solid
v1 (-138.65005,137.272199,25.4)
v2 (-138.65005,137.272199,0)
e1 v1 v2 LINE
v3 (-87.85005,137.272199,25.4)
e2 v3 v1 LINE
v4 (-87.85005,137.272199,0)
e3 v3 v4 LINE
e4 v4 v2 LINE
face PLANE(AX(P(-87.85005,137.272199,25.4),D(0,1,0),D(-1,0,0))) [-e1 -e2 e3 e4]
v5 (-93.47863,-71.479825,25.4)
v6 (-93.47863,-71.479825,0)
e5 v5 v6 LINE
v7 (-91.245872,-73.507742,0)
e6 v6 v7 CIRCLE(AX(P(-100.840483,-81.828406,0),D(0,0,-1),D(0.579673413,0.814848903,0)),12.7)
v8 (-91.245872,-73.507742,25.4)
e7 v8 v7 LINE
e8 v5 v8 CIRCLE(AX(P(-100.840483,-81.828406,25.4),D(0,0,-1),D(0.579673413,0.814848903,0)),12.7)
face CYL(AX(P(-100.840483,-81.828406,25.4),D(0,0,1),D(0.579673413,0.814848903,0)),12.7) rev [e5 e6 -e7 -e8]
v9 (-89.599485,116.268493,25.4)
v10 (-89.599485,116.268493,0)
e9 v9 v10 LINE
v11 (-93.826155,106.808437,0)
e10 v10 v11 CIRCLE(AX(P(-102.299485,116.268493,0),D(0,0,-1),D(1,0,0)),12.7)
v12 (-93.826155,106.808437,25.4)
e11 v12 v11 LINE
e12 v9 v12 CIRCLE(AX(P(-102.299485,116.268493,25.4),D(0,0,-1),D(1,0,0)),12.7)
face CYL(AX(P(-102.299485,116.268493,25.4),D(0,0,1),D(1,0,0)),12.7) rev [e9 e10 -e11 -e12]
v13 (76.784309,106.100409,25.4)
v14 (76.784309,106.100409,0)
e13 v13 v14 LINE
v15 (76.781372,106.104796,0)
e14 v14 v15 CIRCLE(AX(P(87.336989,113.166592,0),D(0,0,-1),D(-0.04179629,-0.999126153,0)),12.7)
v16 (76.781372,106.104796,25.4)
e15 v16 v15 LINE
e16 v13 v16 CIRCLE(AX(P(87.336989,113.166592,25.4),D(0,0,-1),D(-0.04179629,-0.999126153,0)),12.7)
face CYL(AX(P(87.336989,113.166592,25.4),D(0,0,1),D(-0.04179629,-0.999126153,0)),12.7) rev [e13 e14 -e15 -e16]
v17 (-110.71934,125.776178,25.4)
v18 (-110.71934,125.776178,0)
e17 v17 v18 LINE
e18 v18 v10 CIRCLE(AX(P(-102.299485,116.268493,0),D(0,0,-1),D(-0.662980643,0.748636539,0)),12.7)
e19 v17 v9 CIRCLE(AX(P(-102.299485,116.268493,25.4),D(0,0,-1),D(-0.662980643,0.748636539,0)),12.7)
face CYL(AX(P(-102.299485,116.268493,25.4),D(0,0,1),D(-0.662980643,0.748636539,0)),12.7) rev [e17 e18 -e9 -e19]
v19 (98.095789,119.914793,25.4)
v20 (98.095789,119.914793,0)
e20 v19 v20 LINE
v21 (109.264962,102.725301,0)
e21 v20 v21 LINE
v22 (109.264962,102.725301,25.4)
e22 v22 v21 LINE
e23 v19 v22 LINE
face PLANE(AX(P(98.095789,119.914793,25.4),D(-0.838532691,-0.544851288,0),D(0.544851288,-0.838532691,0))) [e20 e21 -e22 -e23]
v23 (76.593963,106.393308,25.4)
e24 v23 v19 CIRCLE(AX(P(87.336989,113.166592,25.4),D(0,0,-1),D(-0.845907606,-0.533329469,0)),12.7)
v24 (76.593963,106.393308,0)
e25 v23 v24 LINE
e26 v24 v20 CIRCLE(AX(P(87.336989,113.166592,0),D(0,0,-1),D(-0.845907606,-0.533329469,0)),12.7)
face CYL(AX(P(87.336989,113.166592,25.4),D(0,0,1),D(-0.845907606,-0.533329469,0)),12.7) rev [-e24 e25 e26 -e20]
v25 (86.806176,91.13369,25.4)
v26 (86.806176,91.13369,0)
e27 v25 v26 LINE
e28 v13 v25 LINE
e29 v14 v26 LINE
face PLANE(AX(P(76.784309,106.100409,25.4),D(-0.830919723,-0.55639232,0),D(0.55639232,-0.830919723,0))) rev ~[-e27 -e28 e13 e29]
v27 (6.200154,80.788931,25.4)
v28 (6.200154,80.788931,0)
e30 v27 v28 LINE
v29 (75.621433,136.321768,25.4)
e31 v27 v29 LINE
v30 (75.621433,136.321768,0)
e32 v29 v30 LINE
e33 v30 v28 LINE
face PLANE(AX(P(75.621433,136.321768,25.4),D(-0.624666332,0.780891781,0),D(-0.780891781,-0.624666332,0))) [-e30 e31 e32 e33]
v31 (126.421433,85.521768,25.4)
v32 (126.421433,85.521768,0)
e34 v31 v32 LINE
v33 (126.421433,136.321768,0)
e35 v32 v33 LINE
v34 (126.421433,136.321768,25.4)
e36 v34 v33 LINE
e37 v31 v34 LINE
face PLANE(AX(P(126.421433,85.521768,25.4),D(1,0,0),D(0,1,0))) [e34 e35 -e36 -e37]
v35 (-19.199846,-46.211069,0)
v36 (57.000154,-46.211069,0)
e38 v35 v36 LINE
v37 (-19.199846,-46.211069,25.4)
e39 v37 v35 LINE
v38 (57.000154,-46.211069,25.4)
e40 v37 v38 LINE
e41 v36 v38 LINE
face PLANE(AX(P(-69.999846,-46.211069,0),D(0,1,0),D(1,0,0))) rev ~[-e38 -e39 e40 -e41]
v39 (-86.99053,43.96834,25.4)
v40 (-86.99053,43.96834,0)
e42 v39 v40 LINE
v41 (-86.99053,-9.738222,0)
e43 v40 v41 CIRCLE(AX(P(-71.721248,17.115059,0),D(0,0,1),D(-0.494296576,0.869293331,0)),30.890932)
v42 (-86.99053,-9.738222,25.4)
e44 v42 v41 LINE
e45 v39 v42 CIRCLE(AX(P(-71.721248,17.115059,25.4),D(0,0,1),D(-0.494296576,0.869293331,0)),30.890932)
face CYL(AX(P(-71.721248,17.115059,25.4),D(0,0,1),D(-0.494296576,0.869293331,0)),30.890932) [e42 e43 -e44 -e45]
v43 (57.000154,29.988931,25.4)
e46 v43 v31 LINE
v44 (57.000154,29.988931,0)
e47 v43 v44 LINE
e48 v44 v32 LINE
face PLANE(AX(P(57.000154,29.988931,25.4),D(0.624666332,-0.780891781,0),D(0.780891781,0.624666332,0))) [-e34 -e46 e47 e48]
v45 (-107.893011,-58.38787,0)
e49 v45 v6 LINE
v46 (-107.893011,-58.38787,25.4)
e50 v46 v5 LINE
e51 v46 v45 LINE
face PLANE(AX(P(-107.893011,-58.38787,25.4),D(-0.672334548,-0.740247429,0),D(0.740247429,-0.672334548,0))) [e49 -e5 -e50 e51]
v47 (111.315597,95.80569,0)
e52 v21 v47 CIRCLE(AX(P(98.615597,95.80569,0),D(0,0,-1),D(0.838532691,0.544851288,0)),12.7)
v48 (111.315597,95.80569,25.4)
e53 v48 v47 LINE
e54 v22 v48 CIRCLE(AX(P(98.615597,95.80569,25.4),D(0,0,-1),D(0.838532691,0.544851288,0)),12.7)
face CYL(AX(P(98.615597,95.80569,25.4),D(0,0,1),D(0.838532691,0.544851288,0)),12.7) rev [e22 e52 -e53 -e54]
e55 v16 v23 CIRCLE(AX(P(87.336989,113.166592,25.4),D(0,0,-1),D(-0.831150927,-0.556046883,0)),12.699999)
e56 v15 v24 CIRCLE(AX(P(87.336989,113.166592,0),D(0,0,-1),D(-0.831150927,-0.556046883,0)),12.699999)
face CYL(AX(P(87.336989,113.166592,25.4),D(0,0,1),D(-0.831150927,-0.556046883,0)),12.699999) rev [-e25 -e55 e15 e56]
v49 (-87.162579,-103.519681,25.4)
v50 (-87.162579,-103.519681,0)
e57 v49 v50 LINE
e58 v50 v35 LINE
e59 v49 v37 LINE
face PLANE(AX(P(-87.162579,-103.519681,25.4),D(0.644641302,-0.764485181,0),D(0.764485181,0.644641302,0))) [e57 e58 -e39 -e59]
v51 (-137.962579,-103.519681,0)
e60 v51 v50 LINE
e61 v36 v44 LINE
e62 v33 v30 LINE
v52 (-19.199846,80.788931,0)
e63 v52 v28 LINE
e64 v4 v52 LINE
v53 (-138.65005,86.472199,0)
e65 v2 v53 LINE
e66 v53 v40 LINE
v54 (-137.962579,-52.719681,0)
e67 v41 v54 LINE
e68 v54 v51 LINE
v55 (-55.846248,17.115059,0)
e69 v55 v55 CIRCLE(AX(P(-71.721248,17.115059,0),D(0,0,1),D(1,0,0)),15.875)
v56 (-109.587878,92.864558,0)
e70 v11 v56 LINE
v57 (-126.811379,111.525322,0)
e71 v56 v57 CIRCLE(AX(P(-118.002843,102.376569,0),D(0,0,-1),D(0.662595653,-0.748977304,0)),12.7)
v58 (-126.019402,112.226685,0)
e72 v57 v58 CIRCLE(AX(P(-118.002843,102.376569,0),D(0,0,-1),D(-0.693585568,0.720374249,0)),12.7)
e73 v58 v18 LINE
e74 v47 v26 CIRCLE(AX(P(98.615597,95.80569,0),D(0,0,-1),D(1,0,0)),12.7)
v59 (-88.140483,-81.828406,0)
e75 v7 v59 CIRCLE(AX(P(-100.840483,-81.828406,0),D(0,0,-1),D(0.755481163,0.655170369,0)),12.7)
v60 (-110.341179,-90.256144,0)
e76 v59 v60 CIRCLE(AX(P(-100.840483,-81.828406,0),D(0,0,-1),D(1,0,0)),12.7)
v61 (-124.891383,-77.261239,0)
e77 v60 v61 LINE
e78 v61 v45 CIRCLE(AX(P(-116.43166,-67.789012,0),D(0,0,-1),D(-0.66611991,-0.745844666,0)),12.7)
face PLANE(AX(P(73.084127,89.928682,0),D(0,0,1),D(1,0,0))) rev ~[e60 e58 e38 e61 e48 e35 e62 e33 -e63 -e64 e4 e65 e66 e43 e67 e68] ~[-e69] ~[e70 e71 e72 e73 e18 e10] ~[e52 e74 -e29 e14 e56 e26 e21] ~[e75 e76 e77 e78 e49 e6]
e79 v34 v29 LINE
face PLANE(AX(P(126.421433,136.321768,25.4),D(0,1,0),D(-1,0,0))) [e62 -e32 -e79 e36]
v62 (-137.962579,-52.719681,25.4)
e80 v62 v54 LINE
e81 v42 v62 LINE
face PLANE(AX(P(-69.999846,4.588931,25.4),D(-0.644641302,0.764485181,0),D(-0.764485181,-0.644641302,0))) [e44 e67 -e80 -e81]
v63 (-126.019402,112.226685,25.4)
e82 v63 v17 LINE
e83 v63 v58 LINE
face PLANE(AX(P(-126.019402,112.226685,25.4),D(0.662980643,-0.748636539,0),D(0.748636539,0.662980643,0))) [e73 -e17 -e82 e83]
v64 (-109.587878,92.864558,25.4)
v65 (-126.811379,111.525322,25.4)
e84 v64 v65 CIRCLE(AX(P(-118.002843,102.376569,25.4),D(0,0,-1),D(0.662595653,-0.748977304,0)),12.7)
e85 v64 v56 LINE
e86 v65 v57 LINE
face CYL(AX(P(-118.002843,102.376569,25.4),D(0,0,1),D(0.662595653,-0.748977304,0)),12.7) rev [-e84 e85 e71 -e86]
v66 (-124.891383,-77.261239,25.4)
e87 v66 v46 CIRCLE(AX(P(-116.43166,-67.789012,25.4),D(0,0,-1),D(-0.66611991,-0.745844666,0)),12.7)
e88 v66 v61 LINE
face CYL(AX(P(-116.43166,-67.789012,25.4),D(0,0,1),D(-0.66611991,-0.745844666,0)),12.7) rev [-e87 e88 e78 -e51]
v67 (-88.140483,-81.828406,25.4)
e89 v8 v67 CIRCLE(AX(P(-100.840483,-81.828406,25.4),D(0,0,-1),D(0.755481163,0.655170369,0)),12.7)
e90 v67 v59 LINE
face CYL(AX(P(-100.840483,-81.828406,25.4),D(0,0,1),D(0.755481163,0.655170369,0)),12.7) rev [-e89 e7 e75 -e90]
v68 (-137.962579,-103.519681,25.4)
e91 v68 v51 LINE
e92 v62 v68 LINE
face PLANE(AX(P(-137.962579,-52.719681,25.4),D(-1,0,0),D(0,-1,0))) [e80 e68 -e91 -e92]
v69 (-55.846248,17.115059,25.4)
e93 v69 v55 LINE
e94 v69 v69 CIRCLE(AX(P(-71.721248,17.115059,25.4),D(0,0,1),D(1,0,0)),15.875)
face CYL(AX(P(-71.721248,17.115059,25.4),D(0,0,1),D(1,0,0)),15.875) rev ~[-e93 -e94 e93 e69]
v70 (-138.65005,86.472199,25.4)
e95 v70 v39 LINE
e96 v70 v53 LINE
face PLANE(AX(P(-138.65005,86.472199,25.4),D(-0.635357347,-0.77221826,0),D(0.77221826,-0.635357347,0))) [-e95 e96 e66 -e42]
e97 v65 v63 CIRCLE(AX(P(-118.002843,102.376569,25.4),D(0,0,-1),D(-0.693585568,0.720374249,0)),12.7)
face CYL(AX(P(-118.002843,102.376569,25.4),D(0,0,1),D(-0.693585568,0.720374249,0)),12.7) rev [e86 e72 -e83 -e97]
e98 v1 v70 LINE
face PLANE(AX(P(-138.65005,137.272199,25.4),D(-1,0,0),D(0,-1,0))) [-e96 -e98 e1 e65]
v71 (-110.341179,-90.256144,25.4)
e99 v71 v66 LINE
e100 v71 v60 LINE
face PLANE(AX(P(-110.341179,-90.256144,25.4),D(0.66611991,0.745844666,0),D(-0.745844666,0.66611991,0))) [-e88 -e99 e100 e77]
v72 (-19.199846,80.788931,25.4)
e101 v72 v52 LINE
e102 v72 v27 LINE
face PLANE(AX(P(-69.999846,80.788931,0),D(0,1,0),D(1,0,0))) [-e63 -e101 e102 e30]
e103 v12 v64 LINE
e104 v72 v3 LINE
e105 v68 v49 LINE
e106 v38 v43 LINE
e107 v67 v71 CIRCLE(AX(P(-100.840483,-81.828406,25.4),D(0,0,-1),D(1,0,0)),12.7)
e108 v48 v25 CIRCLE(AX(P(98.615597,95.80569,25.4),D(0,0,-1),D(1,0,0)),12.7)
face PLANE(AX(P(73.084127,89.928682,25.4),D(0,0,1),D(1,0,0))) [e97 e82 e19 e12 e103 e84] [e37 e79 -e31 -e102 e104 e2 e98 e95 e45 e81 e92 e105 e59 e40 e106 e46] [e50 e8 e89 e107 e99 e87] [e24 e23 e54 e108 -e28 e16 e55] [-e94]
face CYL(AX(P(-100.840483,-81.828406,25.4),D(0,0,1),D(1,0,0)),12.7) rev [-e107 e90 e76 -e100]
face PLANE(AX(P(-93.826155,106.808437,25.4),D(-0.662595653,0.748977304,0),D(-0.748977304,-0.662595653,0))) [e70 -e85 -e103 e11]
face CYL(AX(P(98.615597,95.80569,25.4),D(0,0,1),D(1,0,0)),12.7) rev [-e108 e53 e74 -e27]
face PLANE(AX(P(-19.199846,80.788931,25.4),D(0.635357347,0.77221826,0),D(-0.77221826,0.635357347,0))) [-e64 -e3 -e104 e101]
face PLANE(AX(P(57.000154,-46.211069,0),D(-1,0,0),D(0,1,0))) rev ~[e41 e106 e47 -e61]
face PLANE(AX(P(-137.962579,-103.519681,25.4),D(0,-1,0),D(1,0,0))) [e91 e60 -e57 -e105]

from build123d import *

# Parameters (mm, degrees)
F0_W      = 127
F0_H      = 127
F1_DEPTH  = 25.4
F3_DEPTH  = 25.4
F5_DEPTH  = 25.4
F7_DEPTH  = 25.4
F8_R      = 15.875
F9_DEPTH  = 25.4
F11_DEPTH = 25.4
F13_DEPTH = 25.4
F15_DEPTH = 25.4


with BuildPart() as f1:
    # F0 (on Top) → F1 (new body)
    with BuildSketch(Plane.XY):
        with Locations((-6.4998464659, 17.2889307044)):
            Rectangle(F0_W, F0_H)
    extrude(amount=F1_DEPTH)

    # F2 (on face) → F3 (join)
    with BuildSketch(Plane.XY.offset(25.4)):
        Polygon((-69.9998464659, 80.7889307044), (-19.1998464659, 80.7889307044), (-87.8500497752, 137.2721988958), (-138.6500497752, 137.2721988958), (-138.6500497752, 86.4721988958), (-69.9998464659, 29.9889307044), align=None)
        with BuildLine():
            ThreePointArc((-109.5878779442, 92.8645576236), (-127.335300057, 93.7629034767), (-126.8113794505, 111.5253223468))
            ThreePointArc((-126.8113794505, 111.5253223468), (-126.4226968944, 111.8842534225), (-126.0194023679, 112.2266846875))
            Line((-126.0194023679, 112.2266846875), (-110.7193396489, 125.7761775168))
            ThreePointArc((-110.7193396489, 125.7761775168), (-97.0861443246, 127.8491270452), (-89.5994854861, 116.268493473))
            ThreePointArc((-89.5994854861, 116.268493473), (-90.7041997852, 111.087822714), (-93.8261547008, 106.8084371623))
            Line((-93.8261547008, 106.8084371623), (-109.5878779442, 92.8645576236))
        make_face(mode=Mode.SUBTRACT)
    extrude(amount=-F3_DEPTH)

    # F4 (on face) → F5 (join)
    with BuildSketch(Plane.XY.offset(25.4)):
        Polygon((-19.1998464659, -46.2110692956), (-69.9998464659, -46.2110692956), (-69.9998464659, 4.5889307044), (-137.9625790448, -52.7196810429), (-137.9625790448, -103.5196810429), (-87.1625790448, -103.5196810429), align=None)
        with BuildLine():
            ThreePointArc((-124.8913826642, -77.2612392483), (-125.8684271298, -59.289751867), (-107.8930110557, -58.387869642))
            Line((-107.8930110557, -58.387869642), (-93.478630305, -71.4798248269))
            ThreePointArc((-93.478630305, -71.4798248269), (-92.3018338966, -72.4272635432), (-91.2458718834, -73.5077422033))
            ThreePointArc((-91.2458718834, -73.5077422033), (-88.9421307344, -77.38777287), (-88.1404826535, -81.8284058891))
            ThreePointArc((-88.1404826535, -81.8284058891), (-96.3332021363, -93.7016709135), (-110.3411790849, -90.2561438606))
            Line((-110.3411790849, -90.2561438606), (-124.8913826642, -77.2612392483))
        make_face(mode=Mode.SUBTRACT)
    extrude(amount=-F5_DEPTH)

    # F6 (on face) → F7 (join)
    with BuildSketch(Plane.XY.offset(25.4)):
        with BuildLine():
            Line((-86.9905296106, -9.7382222324), (-69.9998464659, 4.5889307044))
            Line((-69.9998464659, 4.5889307044), (-69.9998464659, 29.9889307044))
            Line((-69.9998464659, 29.9889307044), (-86.9905296106, 43.9683403282))
            ThreePointArc((-86.9905296106, 43.9683403282), (-102.6121797634, 17.1150590479), (-86.9905296106, -9.7382222324))
        make_face()
    extrude(amount=-F7_DEPTH)

    # F8 (on face) → F9 (cut)
    with BuildSketch(Plane.XY.offset(25.4)):
        with Locations((-71.7212476412, 17.1150590479)):
            Circle(F8_R)
    extrude(amount=-F9_DEPTH, mode=Mode.SUBTRACT)

    # F10 (on face) → F11 (join)
    with BuildSketch(Plane.XY.offset(25.4)):
        Polygon((6.2001535341, 80.7889307044), (57.0001535341, 80.7889307044), (57.0001535341, 29.9889307044), (126.4214329, 85.5217675778), (126.4214329, 136.3217675778), (75.6214329, 136.3217675778), align=None)
        with BuildLine():
            ThreePointArc((76.5939625601, 106.3933075608), (80.5762417258, 123.917512433), (98.0957891705, 119.9147932213))
            Line((98.0957891705, 119.9147932213), (109.2649622488, 102.7253014109))
            ThreePointArc((109.2649622488, 102.7253014109), (110.7921511376, 99.4142259228), (111.3155970742, 95.8056900505))
            ThreePointArc((111.3155970742, 95.8056900505), (96.237535273, 83.330321436), (86.8061762759, 100.4776896661))
            ThreePointArc((86.8061762759, 100.4776896661), (81.1206145534, 102.0919953506), (76.7813723772, 106.1047964024))
            ThreePointArc((76.7813723772, 106.1047964024), (76.6866904713, 106.2484173479), (76.5939625601, 106.3933075608))
        make_face(mode=Mode.SUBTRACT)
    extrude(amount=-F11_DEPTH)

    # F12 (on face) → F13 (cut)
    with BuildSketch(Plane.XY.offset(25.4)):
        with BuildLine():
            Line((-19.1998464659, 80.7889307044), (6.2001535341, 80.7889307044))
            Line((6.2001535341, 80.7889307044), (23.852505554, 94.9097477523))
            ThreePointArc((23.852505554, 94.9097477523), (-6.2549458696, 107.6316508681), (-36.3623972932, 94.9097477523))
            Line((-36.3623972932, 94.9097477523), (-19.1998464659, 80.7889307044))
        make_face()
    extrude(amount=-F13_DEPTH, mode=Mode.SUBTRACT)

    # F14 (on face) → F15 (cut)
    with BuildSketch(Plane.XY.offset(25.4)):
        with BuildLine():
            Line((76.7843086706, 106.1004093518), (86.8061762759, 91.133690435))
            ThreePointArc((86.8061762759, 91.133690435), (85.9155970742, 95.8056900505), (86.8061762759, 100.4776896661))
            ThreePointArc((86.8061762759, 100.4776896661), (81.1229163803, 102.0907036074), (76.7843086706, 106.1004093518))
        make_face()
    extrude(amount=-F15_DEPTH, mode=Mode.SUBTRACT)


solid = f1.part
